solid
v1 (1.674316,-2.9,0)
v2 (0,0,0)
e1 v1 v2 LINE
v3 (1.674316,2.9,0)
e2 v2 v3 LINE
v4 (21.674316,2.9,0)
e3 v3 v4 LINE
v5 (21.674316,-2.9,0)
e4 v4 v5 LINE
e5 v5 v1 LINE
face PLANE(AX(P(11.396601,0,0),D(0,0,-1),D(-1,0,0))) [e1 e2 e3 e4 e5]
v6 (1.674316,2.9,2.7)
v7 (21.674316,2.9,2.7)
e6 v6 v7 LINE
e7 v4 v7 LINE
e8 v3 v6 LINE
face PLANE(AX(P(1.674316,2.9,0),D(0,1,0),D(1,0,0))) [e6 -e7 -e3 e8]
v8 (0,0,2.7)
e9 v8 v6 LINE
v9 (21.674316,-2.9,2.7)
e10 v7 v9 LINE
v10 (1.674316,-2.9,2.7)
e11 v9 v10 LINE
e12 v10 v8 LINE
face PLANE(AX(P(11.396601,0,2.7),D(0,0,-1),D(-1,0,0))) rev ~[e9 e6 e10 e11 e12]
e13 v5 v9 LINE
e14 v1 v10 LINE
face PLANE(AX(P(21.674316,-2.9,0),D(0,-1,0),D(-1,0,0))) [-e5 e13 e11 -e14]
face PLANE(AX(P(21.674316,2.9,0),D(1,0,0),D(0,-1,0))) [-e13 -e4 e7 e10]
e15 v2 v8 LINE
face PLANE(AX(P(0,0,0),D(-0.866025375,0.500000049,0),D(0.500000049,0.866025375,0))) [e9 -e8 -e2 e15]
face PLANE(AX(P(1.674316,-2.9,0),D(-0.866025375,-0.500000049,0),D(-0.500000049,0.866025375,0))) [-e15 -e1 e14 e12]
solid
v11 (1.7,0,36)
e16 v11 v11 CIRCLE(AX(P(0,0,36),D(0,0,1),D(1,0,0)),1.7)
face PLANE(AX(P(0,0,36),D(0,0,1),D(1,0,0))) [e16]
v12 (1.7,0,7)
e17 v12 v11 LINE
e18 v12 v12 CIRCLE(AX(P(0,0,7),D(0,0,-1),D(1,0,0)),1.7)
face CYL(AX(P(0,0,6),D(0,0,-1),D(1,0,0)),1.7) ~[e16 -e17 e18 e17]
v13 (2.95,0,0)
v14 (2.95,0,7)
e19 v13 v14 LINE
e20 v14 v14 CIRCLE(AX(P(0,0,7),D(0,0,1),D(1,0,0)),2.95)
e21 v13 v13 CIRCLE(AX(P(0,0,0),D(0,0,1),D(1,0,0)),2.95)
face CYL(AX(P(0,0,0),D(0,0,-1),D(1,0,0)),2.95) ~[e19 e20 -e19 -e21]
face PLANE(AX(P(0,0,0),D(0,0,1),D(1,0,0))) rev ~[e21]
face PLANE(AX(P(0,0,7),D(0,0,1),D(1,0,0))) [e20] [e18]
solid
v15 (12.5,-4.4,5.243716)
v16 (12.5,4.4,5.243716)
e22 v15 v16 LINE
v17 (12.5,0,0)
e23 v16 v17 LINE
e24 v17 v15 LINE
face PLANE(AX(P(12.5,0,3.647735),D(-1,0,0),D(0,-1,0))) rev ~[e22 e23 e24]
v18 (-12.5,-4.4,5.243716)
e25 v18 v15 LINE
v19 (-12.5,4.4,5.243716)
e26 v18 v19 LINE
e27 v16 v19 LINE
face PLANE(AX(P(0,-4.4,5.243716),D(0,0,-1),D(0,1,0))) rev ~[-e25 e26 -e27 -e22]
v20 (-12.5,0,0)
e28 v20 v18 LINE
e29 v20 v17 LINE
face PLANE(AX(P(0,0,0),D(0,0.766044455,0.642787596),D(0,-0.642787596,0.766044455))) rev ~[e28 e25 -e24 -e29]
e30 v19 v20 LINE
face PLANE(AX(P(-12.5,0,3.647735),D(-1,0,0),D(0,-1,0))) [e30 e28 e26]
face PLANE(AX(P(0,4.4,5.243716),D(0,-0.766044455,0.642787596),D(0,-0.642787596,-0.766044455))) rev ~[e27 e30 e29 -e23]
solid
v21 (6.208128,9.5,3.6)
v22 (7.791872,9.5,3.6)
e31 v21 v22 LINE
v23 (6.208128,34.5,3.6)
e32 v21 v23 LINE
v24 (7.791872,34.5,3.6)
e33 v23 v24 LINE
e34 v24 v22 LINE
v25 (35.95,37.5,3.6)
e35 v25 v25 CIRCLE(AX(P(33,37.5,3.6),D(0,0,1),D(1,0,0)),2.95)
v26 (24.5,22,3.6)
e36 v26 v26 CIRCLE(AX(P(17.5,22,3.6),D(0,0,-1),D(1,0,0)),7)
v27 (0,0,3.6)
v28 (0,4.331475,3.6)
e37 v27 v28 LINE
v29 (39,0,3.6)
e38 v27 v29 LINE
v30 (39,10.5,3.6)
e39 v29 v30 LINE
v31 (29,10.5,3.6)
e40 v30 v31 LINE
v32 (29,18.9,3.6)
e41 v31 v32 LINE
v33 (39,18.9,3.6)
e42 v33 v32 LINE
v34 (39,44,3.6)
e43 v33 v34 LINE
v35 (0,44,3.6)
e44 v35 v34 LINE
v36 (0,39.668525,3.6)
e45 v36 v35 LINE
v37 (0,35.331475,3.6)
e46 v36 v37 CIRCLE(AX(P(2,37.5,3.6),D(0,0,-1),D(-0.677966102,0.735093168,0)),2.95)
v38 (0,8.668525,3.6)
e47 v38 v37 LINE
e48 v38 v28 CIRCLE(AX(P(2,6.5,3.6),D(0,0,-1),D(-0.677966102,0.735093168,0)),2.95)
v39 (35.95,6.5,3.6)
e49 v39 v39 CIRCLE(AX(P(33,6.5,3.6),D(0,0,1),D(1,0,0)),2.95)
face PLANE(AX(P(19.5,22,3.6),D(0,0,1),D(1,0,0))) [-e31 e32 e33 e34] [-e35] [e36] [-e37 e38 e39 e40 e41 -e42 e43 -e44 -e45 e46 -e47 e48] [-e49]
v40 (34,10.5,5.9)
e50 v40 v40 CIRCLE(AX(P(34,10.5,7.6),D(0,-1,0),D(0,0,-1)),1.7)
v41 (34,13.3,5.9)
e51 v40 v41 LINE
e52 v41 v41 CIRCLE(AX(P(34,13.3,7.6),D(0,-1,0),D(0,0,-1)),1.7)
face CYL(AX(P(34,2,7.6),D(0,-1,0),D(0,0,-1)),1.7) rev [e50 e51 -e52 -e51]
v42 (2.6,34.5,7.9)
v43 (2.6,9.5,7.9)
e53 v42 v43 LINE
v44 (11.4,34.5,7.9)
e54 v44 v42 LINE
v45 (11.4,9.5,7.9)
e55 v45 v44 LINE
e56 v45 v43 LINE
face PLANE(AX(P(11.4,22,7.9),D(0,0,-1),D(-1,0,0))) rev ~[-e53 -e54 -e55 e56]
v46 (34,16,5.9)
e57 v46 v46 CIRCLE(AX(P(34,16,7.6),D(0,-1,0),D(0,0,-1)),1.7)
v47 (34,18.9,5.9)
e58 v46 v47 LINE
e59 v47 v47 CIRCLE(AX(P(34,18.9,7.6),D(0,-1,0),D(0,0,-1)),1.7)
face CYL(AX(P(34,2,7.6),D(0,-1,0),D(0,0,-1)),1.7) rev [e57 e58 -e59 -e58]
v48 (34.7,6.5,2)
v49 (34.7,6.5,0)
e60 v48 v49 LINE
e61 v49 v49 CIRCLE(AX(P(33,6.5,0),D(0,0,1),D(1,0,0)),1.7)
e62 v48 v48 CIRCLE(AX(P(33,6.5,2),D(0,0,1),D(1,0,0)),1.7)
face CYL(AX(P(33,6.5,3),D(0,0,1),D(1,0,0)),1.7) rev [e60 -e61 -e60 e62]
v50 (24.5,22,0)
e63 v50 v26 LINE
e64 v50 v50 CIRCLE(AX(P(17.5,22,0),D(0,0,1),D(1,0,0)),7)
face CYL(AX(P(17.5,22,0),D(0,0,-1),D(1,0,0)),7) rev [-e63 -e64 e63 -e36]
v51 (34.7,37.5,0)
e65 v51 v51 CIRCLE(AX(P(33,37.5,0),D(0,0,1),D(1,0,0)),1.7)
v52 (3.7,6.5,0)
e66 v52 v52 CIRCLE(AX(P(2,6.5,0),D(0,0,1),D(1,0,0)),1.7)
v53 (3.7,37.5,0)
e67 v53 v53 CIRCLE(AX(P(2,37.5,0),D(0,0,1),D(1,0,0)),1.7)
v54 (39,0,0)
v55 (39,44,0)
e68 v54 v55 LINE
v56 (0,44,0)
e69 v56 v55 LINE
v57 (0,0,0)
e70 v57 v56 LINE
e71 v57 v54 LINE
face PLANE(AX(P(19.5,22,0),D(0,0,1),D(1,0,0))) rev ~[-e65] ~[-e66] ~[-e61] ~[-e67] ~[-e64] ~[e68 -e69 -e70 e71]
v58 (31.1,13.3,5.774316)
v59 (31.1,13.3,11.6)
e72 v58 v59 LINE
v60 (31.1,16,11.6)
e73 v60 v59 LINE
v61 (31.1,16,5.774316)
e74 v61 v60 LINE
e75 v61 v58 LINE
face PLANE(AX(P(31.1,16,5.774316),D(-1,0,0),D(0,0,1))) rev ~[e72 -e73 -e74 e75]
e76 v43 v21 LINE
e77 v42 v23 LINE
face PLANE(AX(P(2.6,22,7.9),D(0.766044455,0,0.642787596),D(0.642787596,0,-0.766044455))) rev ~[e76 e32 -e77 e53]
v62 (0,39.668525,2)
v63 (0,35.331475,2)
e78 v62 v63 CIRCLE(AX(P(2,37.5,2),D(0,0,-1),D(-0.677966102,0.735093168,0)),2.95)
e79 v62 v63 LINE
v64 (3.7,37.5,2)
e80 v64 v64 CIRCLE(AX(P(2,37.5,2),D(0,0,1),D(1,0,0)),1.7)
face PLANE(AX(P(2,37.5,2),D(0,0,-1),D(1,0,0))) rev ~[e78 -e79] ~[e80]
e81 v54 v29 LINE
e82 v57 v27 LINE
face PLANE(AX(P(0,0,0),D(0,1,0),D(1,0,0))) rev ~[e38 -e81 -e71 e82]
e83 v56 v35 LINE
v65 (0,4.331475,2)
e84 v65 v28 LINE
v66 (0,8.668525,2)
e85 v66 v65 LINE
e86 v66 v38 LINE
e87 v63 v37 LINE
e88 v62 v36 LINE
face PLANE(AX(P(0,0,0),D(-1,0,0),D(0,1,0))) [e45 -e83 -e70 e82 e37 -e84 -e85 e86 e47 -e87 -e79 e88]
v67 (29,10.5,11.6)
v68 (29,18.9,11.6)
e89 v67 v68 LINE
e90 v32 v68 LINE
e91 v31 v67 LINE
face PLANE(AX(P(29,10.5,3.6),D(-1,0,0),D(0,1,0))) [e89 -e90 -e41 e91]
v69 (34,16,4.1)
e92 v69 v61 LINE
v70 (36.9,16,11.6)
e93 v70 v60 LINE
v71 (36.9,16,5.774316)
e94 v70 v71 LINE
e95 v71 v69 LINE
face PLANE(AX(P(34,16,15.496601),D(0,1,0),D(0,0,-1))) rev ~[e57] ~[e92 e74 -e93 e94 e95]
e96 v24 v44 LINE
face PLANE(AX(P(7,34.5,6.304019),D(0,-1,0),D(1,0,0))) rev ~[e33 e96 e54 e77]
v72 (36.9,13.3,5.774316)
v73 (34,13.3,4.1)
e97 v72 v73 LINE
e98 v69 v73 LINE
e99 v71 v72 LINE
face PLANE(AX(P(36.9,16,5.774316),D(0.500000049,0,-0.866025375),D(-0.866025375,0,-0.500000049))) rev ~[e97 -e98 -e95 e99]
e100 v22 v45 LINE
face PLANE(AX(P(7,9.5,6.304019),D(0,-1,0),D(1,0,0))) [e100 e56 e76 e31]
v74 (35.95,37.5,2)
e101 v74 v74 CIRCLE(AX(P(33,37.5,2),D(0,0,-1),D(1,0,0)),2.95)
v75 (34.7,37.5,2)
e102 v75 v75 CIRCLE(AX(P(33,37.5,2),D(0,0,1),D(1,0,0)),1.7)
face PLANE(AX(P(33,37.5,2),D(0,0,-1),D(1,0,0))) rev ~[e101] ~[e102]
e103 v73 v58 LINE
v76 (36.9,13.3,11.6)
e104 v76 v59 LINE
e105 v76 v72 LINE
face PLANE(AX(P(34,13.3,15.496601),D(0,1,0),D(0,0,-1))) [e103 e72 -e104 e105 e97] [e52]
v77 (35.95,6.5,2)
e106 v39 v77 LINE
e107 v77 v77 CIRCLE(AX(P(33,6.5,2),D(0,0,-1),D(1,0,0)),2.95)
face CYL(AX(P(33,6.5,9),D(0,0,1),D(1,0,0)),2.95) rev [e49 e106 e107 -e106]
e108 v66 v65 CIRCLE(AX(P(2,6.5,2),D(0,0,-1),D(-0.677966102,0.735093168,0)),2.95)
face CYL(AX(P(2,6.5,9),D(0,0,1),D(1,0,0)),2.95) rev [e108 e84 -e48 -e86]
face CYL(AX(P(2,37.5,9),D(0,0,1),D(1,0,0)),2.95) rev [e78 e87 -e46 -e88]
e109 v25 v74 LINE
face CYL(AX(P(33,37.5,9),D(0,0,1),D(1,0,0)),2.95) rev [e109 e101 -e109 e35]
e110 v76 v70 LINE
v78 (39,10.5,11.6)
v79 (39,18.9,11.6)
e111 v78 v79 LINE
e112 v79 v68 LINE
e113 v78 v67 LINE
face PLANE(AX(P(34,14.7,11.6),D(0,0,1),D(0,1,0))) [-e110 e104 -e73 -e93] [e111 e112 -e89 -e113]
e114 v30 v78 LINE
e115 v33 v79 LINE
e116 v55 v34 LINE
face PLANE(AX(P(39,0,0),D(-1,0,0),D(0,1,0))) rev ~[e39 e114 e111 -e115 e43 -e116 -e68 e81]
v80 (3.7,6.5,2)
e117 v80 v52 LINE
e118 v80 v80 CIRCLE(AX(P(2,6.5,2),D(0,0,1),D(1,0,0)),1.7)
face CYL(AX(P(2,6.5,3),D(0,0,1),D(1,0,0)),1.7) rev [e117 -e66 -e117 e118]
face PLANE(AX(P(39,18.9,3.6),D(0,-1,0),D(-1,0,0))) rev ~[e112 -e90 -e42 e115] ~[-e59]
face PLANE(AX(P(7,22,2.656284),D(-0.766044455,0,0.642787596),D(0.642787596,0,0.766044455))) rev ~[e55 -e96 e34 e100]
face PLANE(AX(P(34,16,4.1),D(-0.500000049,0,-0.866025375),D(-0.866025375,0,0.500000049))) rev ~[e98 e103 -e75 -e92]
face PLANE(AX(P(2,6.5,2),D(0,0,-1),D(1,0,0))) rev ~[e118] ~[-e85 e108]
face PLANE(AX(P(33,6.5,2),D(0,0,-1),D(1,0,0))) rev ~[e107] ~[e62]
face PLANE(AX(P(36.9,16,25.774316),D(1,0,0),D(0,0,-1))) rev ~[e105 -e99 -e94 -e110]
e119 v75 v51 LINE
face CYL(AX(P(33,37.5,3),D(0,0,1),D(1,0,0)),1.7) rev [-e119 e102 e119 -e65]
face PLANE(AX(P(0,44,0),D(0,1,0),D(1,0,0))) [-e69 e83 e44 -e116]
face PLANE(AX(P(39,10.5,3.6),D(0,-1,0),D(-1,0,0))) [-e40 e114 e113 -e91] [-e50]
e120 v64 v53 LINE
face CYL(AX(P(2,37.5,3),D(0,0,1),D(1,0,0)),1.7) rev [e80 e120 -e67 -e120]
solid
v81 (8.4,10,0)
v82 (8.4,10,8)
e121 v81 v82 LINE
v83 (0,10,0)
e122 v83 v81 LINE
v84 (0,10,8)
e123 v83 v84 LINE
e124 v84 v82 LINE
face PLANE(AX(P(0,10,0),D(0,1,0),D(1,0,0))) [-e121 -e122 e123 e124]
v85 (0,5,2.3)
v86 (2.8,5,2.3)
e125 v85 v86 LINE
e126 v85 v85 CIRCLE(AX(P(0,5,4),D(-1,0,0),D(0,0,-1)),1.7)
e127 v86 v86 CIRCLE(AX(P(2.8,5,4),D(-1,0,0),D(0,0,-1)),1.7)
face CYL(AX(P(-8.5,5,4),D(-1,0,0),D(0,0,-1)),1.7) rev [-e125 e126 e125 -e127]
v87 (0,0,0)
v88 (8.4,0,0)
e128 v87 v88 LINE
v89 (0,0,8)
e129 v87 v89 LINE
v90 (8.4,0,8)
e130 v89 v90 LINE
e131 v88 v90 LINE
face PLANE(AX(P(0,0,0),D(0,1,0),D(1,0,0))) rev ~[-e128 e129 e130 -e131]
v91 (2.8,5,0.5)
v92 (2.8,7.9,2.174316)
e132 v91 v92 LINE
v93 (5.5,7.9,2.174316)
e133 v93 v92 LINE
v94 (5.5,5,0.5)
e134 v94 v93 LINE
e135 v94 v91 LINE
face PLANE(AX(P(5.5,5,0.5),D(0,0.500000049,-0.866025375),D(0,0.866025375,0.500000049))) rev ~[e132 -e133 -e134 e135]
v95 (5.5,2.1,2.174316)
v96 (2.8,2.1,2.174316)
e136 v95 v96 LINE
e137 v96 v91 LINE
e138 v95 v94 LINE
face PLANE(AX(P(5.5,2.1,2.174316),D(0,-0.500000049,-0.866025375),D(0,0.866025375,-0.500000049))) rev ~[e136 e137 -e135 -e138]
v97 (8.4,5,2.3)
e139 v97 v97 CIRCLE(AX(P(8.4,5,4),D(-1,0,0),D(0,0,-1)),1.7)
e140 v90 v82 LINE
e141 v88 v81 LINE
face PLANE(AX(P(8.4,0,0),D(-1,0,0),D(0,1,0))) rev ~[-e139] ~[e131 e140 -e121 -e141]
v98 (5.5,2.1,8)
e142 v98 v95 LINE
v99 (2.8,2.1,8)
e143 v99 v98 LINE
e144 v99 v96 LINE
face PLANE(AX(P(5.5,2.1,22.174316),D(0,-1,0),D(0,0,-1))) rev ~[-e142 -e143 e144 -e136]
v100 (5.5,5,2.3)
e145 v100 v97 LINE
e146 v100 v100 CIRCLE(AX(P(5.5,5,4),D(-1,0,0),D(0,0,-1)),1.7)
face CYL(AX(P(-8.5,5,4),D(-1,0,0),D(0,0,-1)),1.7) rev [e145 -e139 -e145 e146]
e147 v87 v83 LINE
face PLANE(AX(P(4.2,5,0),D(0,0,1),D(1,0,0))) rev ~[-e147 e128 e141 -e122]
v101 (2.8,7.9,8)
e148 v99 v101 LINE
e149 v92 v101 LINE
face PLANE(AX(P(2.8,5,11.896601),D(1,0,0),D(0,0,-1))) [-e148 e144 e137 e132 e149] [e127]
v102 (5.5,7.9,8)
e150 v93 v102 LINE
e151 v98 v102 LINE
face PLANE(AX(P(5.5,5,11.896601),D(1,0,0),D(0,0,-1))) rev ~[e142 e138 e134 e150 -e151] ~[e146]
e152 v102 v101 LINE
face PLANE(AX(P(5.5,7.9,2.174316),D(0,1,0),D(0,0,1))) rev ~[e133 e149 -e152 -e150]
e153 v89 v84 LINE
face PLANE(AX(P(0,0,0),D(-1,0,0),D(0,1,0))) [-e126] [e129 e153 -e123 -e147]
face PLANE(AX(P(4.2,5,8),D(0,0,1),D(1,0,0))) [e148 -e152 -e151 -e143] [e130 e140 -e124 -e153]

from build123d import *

# Parameters (mm, degrees)
CYLINDER_R               = 2.95
CYLINDER_DEPTH           = 7
CYLINDER001_R            = 1.7
CYLINDER001_DEPTH        = 30
PAD002_DEPTH             = 2.7
PAD039_DEPTH             = 12.5
CLONE292_PITCH_ANGLE     = -90
CLONE291_PITCH_ANGLE     = 90
BOX255_W                 = 8.4
BOX255_H                 = 10
BOX255_DEPTH             = 8
CLONE299_PLACEMENT_ANGLE = 90
CLONE298_PLACEMENT_ANGLE = 90
CLONE295_PLACEMENT_ANGLE = 180
CLONE294_PLACEMENT_ANGLE = 180
CLONE297_PLACEMENT_ANGLE = 180
CYLINDER1028_R           = 7
CYLINDER1028_DEPTH       = 10
CLONE296_PLACEMENT_ANGLE = 180
BOX256_W                 = 39
BOX256_H                 = 44
BOX256_DEPTH             = 3.6


with BuildPart() as m3bolthead:
    # Cylinder → Cylinder (new body)
    with BuildSketch(Plane.XY):
        Circle(CYLINDER_R)
    extrude(amount=CYLINDER_DEPTH)


with BuildPart() as m3bolt:
    # Cylinder001 → Cylinder001 (new body)
    with BuildSketch(Plane.XY.offset(6)):
        Circle(CYLINDER001_R)
    extrude(amount=CYLINDER001_DEPTH)

    # Fusion: union M3BoltHead
    add(m3bolthead.part)


with BuildPart() as m3nuthousing:
    # Sketch003 → Pad002 (new body)
    with BuildSketch(Plane.XY):
        Polygon((0, 0), (1.674316, 2.9), (21.674316, 2.9), (21.674316, -2.9), (1.674316, -2.9), align=None)
    extrude(amount=PAD002_DEPTH)


with BuildPart() as art56milanoguidemaster:
    # Sketch056 → Pad039 (new body, symmetric)
    with BuildSketch(Plane.YZ):
        Polygon((-4.4, 5.243716), (4.4, 5.243716), (0, 0), align=None)
    extrude(amount=PAD039_DEPTH, both=True)


with BuildPart() as clone_of_m3nuthousing026:
    # Clone292 base: copy of M3NutHousing
    add(m3nuthousing.part)


with BuildPart() as clone_of_m3nuthousing026_1:
    # Clone292 pitch: moved
    add(clone_of_m3nuthousing026.part.rotate(Axis((0, 0, 0), (0, 1, 0)), CLONE292_PITCH_ANGLE))


with BuildPart() as clone_of_m3nuthousing026_2:
    # Clone292 placement: moved
    add(clone_of_m3nuthousing026_1.part.moved(Location((5.5, 5, 0.5))))


with BuildPart() as fusion101:
    # Clone291 base: copy of M3Bolt
    add(m3bolt.part)


with BuildPart() as fusion101_1:
    # Clone291 pitch: moved
    add(fusion101.part.rotate(Axis((0, 0, 0), (0, 1, 0)), CLONE291_PITCH_ANGLE))


with BuildPart() as fusion101_2:
    # Clone291 placement: moved
    add(fusion101_1.part.moved(Location((-14.5, 5, 4))))

    # Fusion101: union Clone of M3NutHousing026
    add(clone_of_m3nuthousing026_2.part)


with BuildPart() as art56nutholdermaster:
    # Box255 → Box255 (new body)
    with BuildSketch(Plane.XY):
        with Locations((4.2, 5)):
            Rectangle(BOX255_W, BOX255_H)
    extrude(amount=BOX255_DEPTH)

    # Cut087: cut Fusion101
    add(fusion101_2.part, mode=Mode.SUBTRACT)


with BuildPart() as clone_of_art56nutholdermaster001:
    # Clone299 base: copy of Art56NutHolderMaster
    add(art56nutholdermaster.part)


with BuildPart() as clone_of_art56nutholdermaster001_1:
    # Clone299 placement: moved
    add(clone_of_art56nutholdermaster001.part.moved(Location((39, 10.5, 3.6))).rotate(Axis((39, 10.5, 3.6), (0, 0, 1)), CLONE299_PLACEMENT_ANGLE))


with BuildPart() as clone_of_art56milanoguidemaster001:
    # Clone298 base: copy of Art56MilanoGuideMaster
    add(art56milanoguidemaster.part)


with BuildPart() as clone_of_art56milanoguidemaster001_1:
    # Clone298 placement: moved
    add(clone_of_art56milanoguidemaster001.part.moved(Location((7, 22, 2.656284))).rotate(Axis((7, 22, 2.656284), (0, 0, 1)), CLONE298_PLACEMENT_ANGLE))


with BuildPart() as clone_of_m3bolt105:
    # Clone295 base: copy of M3Bolt
    add(m3bolt.part)


with BuildPart() as clone_of_m3bolt105_1:
    # Clone295 placement: moved
    add(clone_of_m3bolt105.part.moved(Location((2, 6.5, 9))).rotate(Axis((2, 6.5, 9), (1, 0, 0)), CLONE295_PLACEMENT_ANGLE))


with BuildPart() as clone_of_m3bolt104:
    # Clone294 base: copy of M3Bolt
    add(m3bolt.part)


with BuildPart() as clone_of_m3bolt104_1:
    # Clone294 placement: moved
    add(clone_of_m3bolt104.part.moved(Location((2, 37.5, 9))).rotate(Axis((2, 37.5, 9), (1, 0, 0)), CLONE294_PLACEMENT_ANGLE))


with BuildPart() as clone_of_m3bolt107:
    # Clone297 base: copy of M3Bolt
    add(m3bolt.part)


with BuildPart() as clone_of_m3bolt107_1:
    # Clone297 placement: moved
    add(clone_of_m3bolt107.part.moved(Location((33, 37.5, 9))).rotate(Axis((33, 37.5, 9), (1, 0, 0)), CLONE297_PLACEMENT_ANGLE))


with BuildPart() as cylinder1072:
    # Cylinder1028 → Cylinder1028 (new body)
    with BuildSketch(Plane(origin=(17.5, 22, 0), x_dir=(1, 0, 0), z_dir=(0, 0, 1))):
        Circle(CYLINDER1028_R)
    extrude(amount=CYLINDER1028_DEPTH)


with BuildPart() as fusion103:
    # Clone296 base: copy of M3Bolt
    add(m3bolt.part)


with BuildPart() as fusion103_1:
    # Clone296 placement: moved
    add(fusion103.part.moved(Location((33, 6.5, 9))).rotate(Axis((33, 6.5, 9), (1, 0, 0)), CLONE296_PLACEMENT_ANGLE))

    # Fusion103: union Clone of M3Bolt105, Clone of M3Bolt104, Clone of M3Bolt107, Cylinder1072
    add(clone_of_m3bolt105_1.part)
    add(clone_of_m3bolt104_1.part)
    add(clone_of_m3bolt107_1.part)
    add(cylinder1072.part)


with BuildPart() as art56motorholderb:
    # Box256 → Box256 (new body)
    with BuildSketch(Plane.XY):
        with Locations((19.5, 22)):
            Rectangle(BOX256_W, BOX256_H)
    extrude(amount=BOX256_DEPTH)

    # Cut088: cut Fusion103
    add(fusion103_1.part, mode=Mode.SUBTRACT)

    # Fusion120: union Clone of Art56NutHolderMaster001, Clone of Art56MilanoGuideMaster001
    add(clone_of_art56nutholdermaster001_1.part)
    add(clone_of_art56milanoguidemaster001_1.part)


solid = Compound([m3bolt.part, m3nuthousing.part, art56milanoguidemaster.part, art56nutholdermaster.part, art56motorholderb.part])
